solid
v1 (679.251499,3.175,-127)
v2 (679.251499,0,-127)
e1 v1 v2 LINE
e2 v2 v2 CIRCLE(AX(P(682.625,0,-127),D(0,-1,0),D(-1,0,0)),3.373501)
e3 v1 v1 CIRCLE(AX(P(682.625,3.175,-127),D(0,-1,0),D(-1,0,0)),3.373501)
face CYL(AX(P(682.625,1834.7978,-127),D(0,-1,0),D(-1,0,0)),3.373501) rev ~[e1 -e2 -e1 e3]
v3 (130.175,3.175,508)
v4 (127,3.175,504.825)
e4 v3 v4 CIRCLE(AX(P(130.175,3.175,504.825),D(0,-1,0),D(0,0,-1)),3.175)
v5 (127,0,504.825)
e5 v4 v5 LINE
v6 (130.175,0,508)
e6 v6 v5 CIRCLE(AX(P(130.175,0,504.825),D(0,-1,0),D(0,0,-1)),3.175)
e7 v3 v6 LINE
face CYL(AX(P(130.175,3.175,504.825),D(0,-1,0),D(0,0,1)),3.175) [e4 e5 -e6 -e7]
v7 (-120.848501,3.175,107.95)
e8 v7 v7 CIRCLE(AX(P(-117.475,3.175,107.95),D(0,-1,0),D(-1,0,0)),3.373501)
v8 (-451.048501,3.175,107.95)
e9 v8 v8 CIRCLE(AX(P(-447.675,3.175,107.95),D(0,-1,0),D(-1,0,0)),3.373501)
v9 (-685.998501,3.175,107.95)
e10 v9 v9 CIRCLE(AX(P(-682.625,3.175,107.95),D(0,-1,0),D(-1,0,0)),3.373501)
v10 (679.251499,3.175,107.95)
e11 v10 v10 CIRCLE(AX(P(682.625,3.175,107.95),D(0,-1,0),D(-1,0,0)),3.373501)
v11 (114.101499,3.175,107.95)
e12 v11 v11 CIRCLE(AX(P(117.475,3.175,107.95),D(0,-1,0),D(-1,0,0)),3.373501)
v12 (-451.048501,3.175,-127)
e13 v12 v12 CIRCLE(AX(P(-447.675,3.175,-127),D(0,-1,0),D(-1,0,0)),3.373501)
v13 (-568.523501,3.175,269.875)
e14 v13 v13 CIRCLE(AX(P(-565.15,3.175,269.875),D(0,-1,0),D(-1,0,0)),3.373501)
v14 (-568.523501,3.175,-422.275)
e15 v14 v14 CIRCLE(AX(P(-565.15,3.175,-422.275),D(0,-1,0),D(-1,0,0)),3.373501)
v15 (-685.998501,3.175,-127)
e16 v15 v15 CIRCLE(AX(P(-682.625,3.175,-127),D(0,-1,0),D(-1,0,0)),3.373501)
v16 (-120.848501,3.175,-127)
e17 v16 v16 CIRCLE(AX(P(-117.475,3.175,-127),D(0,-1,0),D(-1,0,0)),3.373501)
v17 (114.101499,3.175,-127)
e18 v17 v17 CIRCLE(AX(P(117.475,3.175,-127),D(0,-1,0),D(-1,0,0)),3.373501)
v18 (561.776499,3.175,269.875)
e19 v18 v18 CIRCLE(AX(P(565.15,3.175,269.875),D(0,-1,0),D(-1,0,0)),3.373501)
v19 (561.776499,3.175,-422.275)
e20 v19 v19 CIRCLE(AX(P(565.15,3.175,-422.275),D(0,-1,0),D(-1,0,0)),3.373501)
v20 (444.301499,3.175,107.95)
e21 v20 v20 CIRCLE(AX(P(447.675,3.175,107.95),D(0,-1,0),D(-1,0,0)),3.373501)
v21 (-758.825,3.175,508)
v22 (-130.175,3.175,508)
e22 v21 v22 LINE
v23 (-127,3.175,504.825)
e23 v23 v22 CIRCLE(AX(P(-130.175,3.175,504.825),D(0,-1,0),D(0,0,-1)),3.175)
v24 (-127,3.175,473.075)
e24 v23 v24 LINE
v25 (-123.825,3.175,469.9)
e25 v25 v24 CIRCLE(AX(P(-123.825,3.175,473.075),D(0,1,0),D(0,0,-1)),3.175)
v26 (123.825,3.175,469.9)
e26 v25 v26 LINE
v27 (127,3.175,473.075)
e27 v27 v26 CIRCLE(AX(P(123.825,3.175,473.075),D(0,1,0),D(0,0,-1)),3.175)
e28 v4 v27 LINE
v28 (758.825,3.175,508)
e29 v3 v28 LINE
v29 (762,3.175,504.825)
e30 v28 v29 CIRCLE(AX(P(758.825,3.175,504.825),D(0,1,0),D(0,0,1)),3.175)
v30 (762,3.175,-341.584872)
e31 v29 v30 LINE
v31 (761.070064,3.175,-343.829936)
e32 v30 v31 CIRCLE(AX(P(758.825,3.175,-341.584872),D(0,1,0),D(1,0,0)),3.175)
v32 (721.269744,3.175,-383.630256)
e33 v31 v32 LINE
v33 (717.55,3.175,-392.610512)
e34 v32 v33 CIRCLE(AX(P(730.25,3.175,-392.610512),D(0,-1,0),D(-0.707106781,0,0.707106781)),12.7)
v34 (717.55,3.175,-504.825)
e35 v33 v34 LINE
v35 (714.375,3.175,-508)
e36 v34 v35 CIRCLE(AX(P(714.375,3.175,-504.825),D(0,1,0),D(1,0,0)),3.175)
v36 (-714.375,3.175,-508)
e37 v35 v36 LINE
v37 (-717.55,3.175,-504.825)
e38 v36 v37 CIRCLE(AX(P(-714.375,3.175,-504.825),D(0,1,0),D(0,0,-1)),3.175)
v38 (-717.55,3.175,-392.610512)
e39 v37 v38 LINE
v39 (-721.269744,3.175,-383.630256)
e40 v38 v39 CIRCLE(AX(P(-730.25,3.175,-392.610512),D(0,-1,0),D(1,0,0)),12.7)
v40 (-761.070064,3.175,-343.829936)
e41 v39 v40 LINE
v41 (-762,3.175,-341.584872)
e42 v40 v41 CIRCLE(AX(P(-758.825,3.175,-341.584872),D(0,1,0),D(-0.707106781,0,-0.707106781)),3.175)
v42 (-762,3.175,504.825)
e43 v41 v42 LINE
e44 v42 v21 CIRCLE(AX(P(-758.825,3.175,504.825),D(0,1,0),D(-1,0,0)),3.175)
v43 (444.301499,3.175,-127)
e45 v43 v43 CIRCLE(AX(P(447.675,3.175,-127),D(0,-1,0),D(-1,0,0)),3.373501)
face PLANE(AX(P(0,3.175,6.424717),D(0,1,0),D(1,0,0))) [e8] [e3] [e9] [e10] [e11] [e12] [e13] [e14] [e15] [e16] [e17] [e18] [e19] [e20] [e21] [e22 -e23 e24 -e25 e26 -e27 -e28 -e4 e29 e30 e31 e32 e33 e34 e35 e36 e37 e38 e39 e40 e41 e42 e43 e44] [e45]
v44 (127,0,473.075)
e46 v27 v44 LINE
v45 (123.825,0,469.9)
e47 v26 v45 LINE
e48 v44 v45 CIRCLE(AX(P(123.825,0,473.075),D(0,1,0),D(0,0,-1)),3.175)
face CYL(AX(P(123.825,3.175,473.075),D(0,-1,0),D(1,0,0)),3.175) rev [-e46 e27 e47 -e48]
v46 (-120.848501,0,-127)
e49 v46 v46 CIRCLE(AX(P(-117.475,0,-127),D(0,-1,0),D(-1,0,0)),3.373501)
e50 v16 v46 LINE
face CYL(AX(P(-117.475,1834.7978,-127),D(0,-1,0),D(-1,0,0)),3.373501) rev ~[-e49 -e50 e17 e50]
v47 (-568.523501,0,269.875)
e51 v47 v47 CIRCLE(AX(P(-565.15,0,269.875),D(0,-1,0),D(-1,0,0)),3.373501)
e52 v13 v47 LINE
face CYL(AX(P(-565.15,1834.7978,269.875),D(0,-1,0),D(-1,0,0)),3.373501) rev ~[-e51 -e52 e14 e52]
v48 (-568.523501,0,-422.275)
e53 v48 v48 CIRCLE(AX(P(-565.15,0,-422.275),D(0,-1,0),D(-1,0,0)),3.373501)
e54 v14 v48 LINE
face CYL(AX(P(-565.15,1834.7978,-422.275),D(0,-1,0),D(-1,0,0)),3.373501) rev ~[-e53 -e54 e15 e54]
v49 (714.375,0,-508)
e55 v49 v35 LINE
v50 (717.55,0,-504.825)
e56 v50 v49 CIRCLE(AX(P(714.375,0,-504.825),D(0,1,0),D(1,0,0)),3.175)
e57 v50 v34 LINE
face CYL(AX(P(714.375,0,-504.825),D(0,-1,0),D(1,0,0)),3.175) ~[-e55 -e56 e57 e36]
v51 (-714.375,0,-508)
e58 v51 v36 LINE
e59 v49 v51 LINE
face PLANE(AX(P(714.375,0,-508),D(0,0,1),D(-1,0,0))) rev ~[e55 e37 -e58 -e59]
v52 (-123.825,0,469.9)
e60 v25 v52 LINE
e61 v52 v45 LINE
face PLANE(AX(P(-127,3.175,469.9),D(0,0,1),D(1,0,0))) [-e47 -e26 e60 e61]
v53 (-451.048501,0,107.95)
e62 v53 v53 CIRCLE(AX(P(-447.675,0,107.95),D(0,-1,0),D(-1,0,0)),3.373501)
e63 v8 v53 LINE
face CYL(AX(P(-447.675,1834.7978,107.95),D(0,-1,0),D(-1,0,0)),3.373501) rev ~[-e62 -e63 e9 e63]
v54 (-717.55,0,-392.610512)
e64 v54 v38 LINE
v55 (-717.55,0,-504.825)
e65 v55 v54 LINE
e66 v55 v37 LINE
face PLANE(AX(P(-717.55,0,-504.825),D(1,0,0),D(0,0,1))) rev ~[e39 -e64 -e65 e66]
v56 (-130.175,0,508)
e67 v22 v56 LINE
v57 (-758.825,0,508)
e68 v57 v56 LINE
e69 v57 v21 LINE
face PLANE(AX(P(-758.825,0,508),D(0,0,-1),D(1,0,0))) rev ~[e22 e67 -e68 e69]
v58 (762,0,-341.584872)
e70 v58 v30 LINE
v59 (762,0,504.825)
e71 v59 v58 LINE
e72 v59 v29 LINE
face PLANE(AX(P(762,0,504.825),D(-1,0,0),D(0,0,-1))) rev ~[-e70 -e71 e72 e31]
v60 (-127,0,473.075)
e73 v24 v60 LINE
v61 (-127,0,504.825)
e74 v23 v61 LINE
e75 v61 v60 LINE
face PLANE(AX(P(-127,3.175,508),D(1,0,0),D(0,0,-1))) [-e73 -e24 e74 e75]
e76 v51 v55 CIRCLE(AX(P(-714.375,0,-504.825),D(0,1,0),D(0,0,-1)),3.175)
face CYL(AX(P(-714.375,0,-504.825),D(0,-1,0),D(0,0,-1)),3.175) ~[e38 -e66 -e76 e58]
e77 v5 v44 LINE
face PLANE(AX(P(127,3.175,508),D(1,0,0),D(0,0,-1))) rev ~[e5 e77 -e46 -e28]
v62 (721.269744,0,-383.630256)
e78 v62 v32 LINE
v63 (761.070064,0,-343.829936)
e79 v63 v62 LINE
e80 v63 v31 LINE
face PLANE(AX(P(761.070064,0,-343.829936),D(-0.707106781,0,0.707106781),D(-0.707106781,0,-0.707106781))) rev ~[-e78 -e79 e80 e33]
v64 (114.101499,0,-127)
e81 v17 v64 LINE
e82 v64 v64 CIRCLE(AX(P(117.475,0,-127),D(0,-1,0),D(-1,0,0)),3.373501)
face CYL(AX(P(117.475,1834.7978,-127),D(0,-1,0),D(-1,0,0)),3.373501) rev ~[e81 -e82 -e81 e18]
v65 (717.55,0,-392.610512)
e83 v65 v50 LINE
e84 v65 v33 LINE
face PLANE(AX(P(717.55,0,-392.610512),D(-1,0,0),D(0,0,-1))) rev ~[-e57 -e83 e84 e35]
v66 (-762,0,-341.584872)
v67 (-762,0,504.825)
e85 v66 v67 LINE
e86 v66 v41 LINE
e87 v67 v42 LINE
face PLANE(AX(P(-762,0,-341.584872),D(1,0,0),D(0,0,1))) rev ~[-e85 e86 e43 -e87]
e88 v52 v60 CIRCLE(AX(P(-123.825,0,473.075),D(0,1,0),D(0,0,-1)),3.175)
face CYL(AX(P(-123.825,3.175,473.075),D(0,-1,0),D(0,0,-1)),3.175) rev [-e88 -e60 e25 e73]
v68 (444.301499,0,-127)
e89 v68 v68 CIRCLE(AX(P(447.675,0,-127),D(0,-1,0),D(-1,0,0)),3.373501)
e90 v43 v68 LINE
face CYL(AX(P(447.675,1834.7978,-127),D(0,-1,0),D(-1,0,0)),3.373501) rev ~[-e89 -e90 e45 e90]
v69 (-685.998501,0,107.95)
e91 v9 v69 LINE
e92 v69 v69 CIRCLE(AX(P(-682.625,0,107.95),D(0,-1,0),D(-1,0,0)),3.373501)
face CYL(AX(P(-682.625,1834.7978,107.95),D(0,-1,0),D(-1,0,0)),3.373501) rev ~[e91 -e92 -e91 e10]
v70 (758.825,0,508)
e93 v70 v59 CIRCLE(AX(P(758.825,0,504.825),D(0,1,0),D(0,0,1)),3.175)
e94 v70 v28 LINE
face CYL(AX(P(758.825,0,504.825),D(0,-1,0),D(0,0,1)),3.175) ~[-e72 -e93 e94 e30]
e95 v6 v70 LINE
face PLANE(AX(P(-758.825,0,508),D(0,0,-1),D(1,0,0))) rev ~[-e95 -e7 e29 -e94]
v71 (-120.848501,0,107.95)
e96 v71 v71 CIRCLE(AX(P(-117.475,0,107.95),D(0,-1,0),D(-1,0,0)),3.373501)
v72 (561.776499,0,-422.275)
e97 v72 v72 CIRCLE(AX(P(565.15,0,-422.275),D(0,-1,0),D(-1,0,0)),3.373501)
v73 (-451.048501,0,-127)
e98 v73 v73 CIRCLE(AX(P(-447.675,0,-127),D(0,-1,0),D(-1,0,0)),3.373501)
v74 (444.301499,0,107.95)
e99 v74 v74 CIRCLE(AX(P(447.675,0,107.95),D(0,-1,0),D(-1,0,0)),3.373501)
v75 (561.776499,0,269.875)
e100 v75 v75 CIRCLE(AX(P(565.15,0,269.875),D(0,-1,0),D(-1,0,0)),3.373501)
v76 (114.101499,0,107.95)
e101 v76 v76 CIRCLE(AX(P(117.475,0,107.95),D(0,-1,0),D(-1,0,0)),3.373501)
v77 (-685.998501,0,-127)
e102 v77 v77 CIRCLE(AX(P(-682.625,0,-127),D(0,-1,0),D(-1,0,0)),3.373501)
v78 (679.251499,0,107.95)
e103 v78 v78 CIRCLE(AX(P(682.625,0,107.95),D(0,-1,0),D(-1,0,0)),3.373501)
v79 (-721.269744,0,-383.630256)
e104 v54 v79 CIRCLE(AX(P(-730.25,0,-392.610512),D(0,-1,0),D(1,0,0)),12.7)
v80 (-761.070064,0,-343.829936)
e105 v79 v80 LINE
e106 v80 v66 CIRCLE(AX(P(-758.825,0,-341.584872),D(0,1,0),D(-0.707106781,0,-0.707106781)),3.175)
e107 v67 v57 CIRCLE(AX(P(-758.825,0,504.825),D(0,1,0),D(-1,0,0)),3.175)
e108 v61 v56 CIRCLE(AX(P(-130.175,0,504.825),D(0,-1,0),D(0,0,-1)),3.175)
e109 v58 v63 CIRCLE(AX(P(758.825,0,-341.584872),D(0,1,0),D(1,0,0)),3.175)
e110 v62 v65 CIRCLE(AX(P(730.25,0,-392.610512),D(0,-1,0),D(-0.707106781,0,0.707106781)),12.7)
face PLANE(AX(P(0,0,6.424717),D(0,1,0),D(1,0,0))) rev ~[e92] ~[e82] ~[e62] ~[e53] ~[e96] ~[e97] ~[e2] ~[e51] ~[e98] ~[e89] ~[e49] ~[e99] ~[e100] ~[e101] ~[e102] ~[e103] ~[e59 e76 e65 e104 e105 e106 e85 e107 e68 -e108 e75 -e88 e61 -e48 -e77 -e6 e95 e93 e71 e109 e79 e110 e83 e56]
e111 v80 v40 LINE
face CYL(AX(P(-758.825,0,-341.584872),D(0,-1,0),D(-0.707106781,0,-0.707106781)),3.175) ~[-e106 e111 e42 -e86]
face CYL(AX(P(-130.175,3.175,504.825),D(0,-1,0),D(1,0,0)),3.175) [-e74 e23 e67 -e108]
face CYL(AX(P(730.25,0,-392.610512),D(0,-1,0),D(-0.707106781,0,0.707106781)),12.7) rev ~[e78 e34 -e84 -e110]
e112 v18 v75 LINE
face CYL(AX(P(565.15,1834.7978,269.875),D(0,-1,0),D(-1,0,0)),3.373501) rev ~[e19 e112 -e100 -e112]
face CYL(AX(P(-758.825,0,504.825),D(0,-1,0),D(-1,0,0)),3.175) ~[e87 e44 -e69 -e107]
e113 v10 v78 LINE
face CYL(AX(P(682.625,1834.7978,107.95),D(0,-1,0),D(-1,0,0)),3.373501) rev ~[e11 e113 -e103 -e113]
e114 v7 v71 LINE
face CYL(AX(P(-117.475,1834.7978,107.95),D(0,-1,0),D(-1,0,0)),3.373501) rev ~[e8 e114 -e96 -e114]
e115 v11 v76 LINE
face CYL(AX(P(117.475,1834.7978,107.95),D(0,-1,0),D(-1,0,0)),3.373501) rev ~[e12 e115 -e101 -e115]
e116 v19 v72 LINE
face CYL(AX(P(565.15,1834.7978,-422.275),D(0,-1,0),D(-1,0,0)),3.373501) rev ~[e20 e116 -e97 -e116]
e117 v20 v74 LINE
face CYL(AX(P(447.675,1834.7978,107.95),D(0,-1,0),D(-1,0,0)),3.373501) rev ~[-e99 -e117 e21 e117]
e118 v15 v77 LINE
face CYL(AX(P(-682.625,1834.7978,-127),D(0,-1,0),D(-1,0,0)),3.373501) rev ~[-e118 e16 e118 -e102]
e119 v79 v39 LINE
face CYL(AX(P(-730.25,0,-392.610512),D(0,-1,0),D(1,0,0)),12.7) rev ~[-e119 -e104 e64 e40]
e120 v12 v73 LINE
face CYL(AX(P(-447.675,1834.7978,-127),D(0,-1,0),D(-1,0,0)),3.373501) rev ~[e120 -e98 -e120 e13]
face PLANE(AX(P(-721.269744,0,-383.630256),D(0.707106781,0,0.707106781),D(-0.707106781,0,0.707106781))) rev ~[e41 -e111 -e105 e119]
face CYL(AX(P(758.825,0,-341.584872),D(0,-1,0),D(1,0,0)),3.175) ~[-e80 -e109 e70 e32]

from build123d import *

# Parameters (mm, degrees)
BOSS_EXTRUDE1_DEPTH              = 3.175
F_17_64_0_26563_DIAMETER_HOLE1_D = 6.747002
SKETCH5_W                        = 254
SKETCH5_H                        = 38.1
CUT_EXTRUDE1_DEPTH               = 916.815527617
FILLET1_R                        = 3.175


with BuildPart() as part:
    # Sketch1 → Boss-Extrude1 (new body)
    with BuildSketch(Plane(origin=(0, 0, 0), x_dir=(1, 0, 0), z_dir=(0, 1, 0))):
        with BuildLine():
            Line((-717.55, 504.825), (-717.55, 392.610512242))
            ThreePointArc((-717.55, 392.610512242), (-718.516729937, 387.750432651), (-721.269743879, 383.630256121))
            Line((-721.269743879, 383.630256121), (-761.07006403, 343.82993597))
            ThreePointArc((-761.07006403, 343.82993597), (-761.758317516, 342.799891837), (-762, 341.584871939))
            Line((-762, 341.584871939), (-762, -504.825))
            ThreePointArc((-762, -504.825), (-761.07006403, -507.07006403), (-758.825, -508))
            Line((-758.825, -508), (758.825, -508))
            ThreePointArc((758.825, -508), (761.07006403, -507.07006403), (762, -504.825))
            Line((762, -504.825), (762, 341.584871939))
            ThreePointArc((762, 341.584871939), (761.758317516, 342.799891837), (761.07006403, 343.82993597))
            Line((761.07006403, 343.82993597), (721.269743879, 383.630256121))
            ThreePointArc((721.269743879, 383.630256121), (718.516729937, 387.750432651), (717.55, 392.610512242))
            Line((717.55, 392.610512242), (717.55, 504.825))
            ThreePointArc((717.55, 504.825), (716.62006403, 507.07006403), (714.375, 508))
            Line((714.375, 508), (-714.375, 508))
            ThreePointArc((-714.375, 508), (-716.62006403, 507.07006403), (-717.55, 504.825))
        make_face()
    extrude(amount=BOSS_EXTRUDE1_DEPTH)

    # 17/64 (0.26563) Diameter Hole1 (through all)
    with Locations(Plane(origin=(0, 3.175, 0), x_dir=(1, 0, 0), z_dir=(0, 1, 0))):
        with Locations((-565.15, 422.275), (565.15, 422.275), (565.15, -269.875), (-565.15, -269.875), (-682.625, 127), (-447.675, 127), (-682.625, -107.95), (-447.675, -107.95), (-117.475, 127), (117.475, 127), (-117.475, -107.95), (117.475, -107.95), (447.675, 127), (682.625, 127), (447.675, -107.95), (682.625, -107.95)):
            Hole(F_17_64_0_26563_DIAMETER_HOLE1_D / 2)

    # Sketch5 → Cut-Extrude1 (cut, through all)
    with BuildSketch(Plane(origin=(0, 3.175, 0), x_dir=(1, 0, 0), z_dir=(0, 1, 0))):
        with Locations((0, -488.95)):
            Rectangle(SKETCH5_W, SKETCH5_H)
    extrude(amount=-CUT_EXTRUDE1_DEPTH, mode=Mode.SUBTRACT)

    # Fillet1
    fillet1_edges = [part.edges().sort_by_distance(p)[0] for p in [
        (-127, 1.5875, 508),
        (-127, 1.5875, 469.9),
        (127, 1.5875, 469.9),
        (127, 1.5875, 508),
    ]]
    fillet(fillet1_edges, radius=FILLET1_R)


solid = part.part
